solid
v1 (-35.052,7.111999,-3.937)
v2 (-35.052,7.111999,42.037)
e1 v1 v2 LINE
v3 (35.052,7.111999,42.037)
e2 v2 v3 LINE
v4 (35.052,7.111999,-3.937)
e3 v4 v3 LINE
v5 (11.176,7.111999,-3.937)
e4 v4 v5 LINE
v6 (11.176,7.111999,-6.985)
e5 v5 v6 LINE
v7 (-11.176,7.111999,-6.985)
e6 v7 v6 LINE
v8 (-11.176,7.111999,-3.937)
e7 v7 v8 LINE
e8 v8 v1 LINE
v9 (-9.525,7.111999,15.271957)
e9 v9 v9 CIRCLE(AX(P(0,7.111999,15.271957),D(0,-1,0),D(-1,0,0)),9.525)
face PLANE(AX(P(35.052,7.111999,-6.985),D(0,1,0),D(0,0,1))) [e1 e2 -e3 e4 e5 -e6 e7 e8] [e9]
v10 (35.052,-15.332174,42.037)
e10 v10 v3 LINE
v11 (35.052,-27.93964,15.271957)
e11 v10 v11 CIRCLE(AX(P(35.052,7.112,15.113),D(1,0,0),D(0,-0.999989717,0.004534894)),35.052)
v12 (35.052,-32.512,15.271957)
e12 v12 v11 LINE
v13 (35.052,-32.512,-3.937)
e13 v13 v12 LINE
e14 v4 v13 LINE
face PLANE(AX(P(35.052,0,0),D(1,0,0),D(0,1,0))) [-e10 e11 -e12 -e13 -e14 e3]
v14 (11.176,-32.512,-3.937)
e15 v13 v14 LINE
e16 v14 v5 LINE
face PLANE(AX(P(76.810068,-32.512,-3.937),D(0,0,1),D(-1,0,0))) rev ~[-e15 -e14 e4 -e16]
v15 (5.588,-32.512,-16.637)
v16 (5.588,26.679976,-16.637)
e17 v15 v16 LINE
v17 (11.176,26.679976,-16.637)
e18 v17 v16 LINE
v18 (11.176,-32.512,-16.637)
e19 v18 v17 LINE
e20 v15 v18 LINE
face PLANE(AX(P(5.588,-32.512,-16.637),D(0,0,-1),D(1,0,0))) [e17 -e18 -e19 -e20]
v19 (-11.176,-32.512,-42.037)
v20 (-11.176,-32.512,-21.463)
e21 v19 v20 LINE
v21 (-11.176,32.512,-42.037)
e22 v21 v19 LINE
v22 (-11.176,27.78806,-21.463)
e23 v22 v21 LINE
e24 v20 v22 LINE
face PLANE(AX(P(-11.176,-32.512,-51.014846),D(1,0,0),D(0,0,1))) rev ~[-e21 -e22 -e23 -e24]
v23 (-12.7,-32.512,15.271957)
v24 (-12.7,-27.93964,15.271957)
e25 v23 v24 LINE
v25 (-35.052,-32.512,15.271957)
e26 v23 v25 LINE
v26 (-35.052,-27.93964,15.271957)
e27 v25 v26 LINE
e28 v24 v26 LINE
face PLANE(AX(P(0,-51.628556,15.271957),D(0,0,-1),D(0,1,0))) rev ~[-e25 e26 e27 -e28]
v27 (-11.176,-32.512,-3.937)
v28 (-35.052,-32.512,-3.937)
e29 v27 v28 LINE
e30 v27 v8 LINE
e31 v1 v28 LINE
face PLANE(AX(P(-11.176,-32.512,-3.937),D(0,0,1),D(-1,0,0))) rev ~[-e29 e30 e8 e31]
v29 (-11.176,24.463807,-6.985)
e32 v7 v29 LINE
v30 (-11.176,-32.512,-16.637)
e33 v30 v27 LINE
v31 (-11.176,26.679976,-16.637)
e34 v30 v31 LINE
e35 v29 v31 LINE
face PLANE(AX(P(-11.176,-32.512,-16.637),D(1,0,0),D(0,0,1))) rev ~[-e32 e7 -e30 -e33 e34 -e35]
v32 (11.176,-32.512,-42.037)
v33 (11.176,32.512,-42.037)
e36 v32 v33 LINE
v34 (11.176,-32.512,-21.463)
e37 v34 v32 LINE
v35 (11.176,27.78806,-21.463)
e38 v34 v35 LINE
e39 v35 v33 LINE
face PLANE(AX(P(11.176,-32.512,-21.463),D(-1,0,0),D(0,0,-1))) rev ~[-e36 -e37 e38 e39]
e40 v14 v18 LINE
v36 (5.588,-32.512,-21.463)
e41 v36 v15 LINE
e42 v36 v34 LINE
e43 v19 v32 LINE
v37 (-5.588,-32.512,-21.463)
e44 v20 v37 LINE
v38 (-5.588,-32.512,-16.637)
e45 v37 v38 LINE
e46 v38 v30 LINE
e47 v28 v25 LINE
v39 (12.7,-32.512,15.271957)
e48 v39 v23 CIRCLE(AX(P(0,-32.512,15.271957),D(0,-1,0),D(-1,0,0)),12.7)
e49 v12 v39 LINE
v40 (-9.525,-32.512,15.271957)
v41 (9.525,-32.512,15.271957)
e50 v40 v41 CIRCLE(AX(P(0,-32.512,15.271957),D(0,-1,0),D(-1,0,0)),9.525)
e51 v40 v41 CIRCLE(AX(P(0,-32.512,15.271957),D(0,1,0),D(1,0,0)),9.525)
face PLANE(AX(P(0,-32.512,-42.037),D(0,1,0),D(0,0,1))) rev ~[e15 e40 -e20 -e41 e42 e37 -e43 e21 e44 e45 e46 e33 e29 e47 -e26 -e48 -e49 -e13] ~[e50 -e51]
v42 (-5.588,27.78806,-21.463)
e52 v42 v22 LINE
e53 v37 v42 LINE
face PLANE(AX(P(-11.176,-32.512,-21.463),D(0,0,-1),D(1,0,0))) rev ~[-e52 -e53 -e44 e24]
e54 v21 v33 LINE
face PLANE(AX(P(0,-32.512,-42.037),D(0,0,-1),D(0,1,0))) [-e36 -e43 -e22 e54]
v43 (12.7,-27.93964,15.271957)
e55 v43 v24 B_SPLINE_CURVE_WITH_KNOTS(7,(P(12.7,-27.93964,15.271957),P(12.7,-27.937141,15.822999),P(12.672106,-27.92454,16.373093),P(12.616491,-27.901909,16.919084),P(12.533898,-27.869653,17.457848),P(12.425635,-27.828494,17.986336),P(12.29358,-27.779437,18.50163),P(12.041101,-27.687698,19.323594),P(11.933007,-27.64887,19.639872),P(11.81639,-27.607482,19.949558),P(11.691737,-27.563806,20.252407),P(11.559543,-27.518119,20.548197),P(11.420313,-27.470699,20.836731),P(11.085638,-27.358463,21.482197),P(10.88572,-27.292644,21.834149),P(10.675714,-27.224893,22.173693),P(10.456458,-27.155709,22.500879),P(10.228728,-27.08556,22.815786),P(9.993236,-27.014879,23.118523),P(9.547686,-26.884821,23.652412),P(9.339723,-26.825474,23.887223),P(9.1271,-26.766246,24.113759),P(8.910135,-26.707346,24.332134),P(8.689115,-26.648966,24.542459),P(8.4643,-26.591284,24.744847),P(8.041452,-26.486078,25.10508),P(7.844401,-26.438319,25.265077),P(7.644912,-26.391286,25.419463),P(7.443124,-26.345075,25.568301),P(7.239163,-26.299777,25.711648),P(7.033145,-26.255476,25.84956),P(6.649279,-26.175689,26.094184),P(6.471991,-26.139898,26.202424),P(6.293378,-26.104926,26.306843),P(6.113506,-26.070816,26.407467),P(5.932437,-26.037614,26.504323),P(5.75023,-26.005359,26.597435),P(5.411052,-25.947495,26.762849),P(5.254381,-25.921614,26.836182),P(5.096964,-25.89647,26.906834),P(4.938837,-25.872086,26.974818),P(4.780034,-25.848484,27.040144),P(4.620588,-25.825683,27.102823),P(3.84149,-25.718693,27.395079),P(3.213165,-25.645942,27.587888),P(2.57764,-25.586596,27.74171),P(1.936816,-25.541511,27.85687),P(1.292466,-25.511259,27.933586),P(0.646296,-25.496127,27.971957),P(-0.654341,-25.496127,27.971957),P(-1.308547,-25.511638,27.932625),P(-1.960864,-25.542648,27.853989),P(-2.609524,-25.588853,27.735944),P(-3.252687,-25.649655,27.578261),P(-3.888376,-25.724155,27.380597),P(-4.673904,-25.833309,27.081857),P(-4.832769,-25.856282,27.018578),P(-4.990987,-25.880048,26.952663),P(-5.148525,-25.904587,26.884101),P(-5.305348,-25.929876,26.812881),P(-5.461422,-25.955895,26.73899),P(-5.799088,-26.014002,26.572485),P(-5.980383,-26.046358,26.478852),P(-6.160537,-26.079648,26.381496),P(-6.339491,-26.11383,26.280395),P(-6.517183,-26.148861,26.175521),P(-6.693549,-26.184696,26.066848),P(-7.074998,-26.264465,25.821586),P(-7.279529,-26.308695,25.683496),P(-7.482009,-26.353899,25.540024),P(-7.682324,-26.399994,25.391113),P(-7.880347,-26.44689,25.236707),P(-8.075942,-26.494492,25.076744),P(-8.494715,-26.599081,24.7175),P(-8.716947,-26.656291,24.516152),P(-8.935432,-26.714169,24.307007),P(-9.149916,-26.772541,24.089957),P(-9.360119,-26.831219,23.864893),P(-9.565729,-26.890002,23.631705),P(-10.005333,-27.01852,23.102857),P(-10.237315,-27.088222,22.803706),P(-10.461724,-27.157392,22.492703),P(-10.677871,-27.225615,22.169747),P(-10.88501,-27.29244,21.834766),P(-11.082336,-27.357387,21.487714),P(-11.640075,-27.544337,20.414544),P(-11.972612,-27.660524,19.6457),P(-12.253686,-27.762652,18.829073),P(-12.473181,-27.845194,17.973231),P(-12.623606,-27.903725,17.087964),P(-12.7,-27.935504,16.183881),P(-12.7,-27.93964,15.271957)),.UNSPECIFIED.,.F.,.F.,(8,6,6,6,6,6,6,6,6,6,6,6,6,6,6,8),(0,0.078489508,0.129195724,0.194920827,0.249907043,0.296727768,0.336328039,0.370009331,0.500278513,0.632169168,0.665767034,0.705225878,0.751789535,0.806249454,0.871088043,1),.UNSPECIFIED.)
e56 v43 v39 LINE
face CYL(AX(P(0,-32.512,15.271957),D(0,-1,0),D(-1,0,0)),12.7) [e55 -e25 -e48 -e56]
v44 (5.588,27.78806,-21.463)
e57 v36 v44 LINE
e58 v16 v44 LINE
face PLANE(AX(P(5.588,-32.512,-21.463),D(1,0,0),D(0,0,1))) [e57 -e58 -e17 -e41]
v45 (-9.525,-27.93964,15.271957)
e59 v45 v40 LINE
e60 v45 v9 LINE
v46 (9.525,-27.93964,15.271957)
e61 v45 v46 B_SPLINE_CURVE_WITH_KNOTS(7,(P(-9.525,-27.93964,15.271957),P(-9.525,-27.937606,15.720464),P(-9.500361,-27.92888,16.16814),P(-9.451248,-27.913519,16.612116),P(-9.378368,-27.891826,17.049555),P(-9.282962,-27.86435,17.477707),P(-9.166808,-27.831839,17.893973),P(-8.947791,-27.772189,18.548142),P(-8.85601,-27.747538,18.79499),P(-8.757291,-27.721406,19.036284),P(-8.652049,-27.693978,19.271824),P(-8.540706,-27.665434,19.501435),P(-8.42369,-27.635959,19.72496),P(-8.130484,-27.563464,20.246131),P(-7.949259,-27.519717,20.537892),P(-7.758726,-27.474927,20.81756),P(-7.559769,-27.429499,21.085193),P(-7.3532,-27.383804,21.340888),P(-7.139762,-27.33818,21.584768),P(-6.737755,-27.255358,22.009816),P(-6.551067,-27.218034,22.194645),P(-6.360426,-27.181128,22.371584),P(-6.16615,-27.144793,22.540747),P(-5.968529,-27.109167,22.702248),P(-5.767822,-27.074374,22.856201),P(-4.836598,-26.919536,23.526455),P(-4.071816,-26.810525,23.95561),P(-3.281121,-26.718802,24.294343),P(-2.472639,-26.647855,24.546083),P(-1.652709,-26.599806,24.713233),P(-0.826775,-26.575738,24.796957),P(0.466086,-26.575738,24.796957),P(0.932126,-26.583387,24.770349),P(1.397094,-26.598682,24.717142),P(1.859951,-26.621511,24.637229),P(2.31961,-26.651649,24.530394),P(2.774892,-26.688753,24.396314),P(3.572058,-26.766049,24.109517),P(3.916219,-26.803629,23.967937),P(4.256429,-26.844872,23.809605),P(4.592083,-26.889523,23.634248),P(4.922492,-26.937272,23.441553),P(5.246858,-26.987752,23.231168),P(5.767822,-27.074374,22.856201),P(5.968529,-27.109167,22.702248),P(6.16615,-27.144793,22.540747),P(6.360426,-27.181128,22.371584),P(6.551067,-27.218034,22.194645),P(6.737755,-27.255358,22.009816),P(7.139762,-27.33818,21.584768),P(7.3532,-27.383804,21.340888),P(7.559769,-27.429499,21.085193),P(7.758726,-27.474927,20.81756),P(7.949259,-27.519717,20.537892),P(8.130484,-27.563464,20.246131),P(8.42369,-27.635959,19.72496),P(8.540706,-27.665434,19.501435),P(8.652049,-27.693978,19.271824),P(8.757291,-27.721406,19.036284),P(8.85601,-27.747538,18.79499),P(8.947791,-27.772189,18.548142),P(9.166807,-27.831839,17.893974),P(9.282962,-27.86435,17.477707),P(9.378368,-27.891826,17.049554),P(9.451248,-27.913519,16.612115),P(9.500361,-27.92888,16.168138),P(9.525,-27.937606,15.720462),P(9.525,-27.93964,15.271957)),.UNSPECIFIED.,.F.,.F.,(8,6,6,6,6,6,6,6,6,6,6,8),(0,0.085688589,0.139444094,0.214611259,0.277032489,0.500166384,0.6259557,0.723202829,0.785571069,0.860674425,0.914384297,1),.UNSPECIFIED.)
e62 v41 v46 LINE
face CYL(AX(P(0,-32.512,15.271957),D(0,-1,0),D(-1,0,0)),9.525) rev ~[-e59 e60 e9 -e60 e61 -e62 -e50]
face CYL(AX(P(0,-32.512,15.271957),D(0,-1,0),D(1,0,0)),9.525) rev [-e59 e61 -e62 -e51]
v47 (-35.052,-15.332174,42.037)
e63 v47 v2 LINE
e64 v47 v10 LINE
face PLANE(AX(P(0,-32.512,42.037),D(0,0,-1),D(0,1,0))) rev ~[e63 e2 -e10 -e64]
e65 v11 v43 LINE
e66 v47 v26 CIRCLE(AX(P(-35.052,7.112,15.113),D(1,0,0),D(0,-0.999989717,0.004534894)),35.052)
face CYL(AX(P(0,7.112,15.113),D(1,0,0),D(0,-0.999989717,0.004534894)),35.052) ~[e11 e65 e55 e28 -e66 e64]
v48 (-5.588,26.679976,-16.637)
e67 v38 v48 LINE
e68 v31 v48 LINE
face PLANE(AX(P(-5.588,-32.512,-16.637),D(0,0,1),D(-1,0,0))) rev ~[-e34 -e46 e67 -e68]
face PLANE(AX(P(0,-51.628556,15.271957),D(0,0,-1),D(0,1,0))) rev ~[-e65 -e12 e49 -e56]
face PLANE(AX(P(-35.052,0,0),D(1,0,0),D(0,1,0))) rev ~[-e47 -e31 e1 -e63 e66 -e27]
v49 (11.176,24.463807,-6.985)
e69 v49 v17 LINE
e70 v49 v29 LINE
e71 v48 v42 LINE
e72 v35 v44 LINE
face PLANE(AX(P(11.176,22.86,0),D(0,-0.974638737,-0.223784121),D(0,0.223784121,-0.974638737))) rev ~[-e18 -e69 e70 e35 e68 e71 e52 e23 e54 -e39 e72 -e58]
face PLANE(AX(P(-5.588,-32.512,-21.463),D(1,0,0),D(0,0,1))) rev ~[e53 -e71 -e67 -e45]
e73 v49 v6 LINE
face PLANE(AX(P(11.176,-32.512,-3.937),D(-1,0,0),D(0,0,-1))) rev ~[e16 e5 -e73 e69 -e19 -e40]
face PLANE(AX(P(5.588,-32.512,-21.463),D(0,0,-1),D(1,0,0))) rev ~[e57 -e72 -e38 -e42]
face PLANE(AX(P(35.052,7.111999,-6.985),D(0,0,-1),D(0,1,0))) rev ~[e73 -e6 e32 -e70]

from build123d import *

# Parameters (mm, degrees)
F0_W          = 65.024
F0_H          = 84.074
F1_DEPTH      = 35.052
F1_DEPTH_BACK = 35.052
F2_W          = 5.588
F2_H          = 4.826
F3_DEPTH      = 65.025
F4_W          = 56.330337
F4_H          = 68.819438
F5_DEPTH      = 101.6
F7_DEPTH      = 46.229
F9_DEPTH      = 254
F11_DEPTH     = 25.4
F12_DEPTH     = 65.025


with BuildPart() as f1:
    # F0 (on Right) → F1 (new body, two sides)
    with BuildSketch(Plane.YZ) as f1_sk:
        Rectangle(F0_W, F0_H)
    extrude(amount=F1_DEPTH)
    extrude(f1_sk.sketch, amount=-F1_DEPTH_BACK)

    # F2 (on face) → F3 (cut, through all)
    with BuildSketch(Plane.XZ.offset(32.512)):
        Polygon((-11.176, -16.637), (-11.176, -3.937), (-74.27659, -3.937), (-74.27659, -51.014846), (-11.176, -51.014846), (-11.176, -21.463), (-5.588, -21.463), (-5.588, -16.637), align=None)
        Polygon((76.810068, -3.937), (11.176, -3.937), (11.176, -16.637), (11.176, -21.463), (11.176, -65.525395), (76.810068, -65.525395), align=None)
        with Locations((8.382, -19.05)):
            Rectangle(F2_W, F2_H)
    extrude(amount=-F3_DEPTH, mode=Mode.SUBTRACT)

    # F4 (on face) → F5 (cut, symmetric)
    with BuildSketch(Plane.YZ.offset(35.052)):
        with Locations((35.277168, 27.424719)):
            Rectangle(F4_W, F4_H)
    extrude(amount=F5_DEPTH, both=True, mode=Mode.SUBTRACT)

    # F6 (on face) → F7 (cut, through all)
    with BuildSketch(Plane.YZ.offset(11.176)):
        Polygon((22.86, 0), (32.512, -42.037), (45.35326, -62.610321), (51.058073, 0), align=None)
    extrude(amount=-F7_DEPTH, mode=Mode.SUBTRACT)

    # F8 (on Right) → F9 (cut, symmetric)
    with BuildSketch(Plane.YZ):
        with BuildLine():
            ThreePointArc((-27.93964, 15.271957), (-17.603329, 39.968487), (7.151257, 50.164978))
            Line((7.151257, 50.164978), (-49.631871, 54.338343))
            Line((-49.631871, 54.338343), (-51.628556, 15.271957))
            Line((-51.628556, 15.271957), (-27.93964, 15.271957))
        make_face()
    extrude(amount=F9_DEPTH, both=True, mode=Mode.SUBTRACT)

    # F10 (on face) → F11 (join)
    with BuildSketch(Plane.XZ.offset(32.512)):
        with BuildLine():
            Line((9.525, 15.271957), (12.7, 15.271957))
            ThreePointArc((12.7, 15.271957), (0, 27.971957), (-12.7, 15.271957))
            Line((-12.7, 15.271957), (-9.525, 15.271957))
            ThreePointArc((-9.525, 15.271957), (0, 24.796957), (9.525, 15.271957))
        make_face()
        with BuildLine():
            ThreePointArc((-12.7, 15.271957), (0, 2.571957), (12.7, 15.271957))
            Line((12.7, 15.271957), (9.525, 15.271957))
            ThreePointArc((9.525, 15.271957), (0, 5.746957), (-9.525, 15.271957))
            Line((-9.525, 15.271957), (-12.7, 15.271957))
        make_face()
    extrude(amount=-F11_DEPTH)

    # F10 (on face) → F12 (cut, through all)
    with BuildSketch(Plane.XZ.offset(32.512)):
        with BuildLine():
            Line((-9.525, 15.271957), (9.525, 15.271957))
            ThreePointArc((9.525, 15.271957), (0, 24.796957), (-9.525, 15.271957))
        make_face()
        with BuildLine():
            ThreePointArc((-9.525, 15.271957), (0, 5.746957), (9.525, 15.271957))
            Line((9.525, 15.271957), (-9.525, 15.271957))
        make_face()
    extrude(amount=-F12_DEPTH, mode=Mode.SUBTRACT)


solid = f1.part
